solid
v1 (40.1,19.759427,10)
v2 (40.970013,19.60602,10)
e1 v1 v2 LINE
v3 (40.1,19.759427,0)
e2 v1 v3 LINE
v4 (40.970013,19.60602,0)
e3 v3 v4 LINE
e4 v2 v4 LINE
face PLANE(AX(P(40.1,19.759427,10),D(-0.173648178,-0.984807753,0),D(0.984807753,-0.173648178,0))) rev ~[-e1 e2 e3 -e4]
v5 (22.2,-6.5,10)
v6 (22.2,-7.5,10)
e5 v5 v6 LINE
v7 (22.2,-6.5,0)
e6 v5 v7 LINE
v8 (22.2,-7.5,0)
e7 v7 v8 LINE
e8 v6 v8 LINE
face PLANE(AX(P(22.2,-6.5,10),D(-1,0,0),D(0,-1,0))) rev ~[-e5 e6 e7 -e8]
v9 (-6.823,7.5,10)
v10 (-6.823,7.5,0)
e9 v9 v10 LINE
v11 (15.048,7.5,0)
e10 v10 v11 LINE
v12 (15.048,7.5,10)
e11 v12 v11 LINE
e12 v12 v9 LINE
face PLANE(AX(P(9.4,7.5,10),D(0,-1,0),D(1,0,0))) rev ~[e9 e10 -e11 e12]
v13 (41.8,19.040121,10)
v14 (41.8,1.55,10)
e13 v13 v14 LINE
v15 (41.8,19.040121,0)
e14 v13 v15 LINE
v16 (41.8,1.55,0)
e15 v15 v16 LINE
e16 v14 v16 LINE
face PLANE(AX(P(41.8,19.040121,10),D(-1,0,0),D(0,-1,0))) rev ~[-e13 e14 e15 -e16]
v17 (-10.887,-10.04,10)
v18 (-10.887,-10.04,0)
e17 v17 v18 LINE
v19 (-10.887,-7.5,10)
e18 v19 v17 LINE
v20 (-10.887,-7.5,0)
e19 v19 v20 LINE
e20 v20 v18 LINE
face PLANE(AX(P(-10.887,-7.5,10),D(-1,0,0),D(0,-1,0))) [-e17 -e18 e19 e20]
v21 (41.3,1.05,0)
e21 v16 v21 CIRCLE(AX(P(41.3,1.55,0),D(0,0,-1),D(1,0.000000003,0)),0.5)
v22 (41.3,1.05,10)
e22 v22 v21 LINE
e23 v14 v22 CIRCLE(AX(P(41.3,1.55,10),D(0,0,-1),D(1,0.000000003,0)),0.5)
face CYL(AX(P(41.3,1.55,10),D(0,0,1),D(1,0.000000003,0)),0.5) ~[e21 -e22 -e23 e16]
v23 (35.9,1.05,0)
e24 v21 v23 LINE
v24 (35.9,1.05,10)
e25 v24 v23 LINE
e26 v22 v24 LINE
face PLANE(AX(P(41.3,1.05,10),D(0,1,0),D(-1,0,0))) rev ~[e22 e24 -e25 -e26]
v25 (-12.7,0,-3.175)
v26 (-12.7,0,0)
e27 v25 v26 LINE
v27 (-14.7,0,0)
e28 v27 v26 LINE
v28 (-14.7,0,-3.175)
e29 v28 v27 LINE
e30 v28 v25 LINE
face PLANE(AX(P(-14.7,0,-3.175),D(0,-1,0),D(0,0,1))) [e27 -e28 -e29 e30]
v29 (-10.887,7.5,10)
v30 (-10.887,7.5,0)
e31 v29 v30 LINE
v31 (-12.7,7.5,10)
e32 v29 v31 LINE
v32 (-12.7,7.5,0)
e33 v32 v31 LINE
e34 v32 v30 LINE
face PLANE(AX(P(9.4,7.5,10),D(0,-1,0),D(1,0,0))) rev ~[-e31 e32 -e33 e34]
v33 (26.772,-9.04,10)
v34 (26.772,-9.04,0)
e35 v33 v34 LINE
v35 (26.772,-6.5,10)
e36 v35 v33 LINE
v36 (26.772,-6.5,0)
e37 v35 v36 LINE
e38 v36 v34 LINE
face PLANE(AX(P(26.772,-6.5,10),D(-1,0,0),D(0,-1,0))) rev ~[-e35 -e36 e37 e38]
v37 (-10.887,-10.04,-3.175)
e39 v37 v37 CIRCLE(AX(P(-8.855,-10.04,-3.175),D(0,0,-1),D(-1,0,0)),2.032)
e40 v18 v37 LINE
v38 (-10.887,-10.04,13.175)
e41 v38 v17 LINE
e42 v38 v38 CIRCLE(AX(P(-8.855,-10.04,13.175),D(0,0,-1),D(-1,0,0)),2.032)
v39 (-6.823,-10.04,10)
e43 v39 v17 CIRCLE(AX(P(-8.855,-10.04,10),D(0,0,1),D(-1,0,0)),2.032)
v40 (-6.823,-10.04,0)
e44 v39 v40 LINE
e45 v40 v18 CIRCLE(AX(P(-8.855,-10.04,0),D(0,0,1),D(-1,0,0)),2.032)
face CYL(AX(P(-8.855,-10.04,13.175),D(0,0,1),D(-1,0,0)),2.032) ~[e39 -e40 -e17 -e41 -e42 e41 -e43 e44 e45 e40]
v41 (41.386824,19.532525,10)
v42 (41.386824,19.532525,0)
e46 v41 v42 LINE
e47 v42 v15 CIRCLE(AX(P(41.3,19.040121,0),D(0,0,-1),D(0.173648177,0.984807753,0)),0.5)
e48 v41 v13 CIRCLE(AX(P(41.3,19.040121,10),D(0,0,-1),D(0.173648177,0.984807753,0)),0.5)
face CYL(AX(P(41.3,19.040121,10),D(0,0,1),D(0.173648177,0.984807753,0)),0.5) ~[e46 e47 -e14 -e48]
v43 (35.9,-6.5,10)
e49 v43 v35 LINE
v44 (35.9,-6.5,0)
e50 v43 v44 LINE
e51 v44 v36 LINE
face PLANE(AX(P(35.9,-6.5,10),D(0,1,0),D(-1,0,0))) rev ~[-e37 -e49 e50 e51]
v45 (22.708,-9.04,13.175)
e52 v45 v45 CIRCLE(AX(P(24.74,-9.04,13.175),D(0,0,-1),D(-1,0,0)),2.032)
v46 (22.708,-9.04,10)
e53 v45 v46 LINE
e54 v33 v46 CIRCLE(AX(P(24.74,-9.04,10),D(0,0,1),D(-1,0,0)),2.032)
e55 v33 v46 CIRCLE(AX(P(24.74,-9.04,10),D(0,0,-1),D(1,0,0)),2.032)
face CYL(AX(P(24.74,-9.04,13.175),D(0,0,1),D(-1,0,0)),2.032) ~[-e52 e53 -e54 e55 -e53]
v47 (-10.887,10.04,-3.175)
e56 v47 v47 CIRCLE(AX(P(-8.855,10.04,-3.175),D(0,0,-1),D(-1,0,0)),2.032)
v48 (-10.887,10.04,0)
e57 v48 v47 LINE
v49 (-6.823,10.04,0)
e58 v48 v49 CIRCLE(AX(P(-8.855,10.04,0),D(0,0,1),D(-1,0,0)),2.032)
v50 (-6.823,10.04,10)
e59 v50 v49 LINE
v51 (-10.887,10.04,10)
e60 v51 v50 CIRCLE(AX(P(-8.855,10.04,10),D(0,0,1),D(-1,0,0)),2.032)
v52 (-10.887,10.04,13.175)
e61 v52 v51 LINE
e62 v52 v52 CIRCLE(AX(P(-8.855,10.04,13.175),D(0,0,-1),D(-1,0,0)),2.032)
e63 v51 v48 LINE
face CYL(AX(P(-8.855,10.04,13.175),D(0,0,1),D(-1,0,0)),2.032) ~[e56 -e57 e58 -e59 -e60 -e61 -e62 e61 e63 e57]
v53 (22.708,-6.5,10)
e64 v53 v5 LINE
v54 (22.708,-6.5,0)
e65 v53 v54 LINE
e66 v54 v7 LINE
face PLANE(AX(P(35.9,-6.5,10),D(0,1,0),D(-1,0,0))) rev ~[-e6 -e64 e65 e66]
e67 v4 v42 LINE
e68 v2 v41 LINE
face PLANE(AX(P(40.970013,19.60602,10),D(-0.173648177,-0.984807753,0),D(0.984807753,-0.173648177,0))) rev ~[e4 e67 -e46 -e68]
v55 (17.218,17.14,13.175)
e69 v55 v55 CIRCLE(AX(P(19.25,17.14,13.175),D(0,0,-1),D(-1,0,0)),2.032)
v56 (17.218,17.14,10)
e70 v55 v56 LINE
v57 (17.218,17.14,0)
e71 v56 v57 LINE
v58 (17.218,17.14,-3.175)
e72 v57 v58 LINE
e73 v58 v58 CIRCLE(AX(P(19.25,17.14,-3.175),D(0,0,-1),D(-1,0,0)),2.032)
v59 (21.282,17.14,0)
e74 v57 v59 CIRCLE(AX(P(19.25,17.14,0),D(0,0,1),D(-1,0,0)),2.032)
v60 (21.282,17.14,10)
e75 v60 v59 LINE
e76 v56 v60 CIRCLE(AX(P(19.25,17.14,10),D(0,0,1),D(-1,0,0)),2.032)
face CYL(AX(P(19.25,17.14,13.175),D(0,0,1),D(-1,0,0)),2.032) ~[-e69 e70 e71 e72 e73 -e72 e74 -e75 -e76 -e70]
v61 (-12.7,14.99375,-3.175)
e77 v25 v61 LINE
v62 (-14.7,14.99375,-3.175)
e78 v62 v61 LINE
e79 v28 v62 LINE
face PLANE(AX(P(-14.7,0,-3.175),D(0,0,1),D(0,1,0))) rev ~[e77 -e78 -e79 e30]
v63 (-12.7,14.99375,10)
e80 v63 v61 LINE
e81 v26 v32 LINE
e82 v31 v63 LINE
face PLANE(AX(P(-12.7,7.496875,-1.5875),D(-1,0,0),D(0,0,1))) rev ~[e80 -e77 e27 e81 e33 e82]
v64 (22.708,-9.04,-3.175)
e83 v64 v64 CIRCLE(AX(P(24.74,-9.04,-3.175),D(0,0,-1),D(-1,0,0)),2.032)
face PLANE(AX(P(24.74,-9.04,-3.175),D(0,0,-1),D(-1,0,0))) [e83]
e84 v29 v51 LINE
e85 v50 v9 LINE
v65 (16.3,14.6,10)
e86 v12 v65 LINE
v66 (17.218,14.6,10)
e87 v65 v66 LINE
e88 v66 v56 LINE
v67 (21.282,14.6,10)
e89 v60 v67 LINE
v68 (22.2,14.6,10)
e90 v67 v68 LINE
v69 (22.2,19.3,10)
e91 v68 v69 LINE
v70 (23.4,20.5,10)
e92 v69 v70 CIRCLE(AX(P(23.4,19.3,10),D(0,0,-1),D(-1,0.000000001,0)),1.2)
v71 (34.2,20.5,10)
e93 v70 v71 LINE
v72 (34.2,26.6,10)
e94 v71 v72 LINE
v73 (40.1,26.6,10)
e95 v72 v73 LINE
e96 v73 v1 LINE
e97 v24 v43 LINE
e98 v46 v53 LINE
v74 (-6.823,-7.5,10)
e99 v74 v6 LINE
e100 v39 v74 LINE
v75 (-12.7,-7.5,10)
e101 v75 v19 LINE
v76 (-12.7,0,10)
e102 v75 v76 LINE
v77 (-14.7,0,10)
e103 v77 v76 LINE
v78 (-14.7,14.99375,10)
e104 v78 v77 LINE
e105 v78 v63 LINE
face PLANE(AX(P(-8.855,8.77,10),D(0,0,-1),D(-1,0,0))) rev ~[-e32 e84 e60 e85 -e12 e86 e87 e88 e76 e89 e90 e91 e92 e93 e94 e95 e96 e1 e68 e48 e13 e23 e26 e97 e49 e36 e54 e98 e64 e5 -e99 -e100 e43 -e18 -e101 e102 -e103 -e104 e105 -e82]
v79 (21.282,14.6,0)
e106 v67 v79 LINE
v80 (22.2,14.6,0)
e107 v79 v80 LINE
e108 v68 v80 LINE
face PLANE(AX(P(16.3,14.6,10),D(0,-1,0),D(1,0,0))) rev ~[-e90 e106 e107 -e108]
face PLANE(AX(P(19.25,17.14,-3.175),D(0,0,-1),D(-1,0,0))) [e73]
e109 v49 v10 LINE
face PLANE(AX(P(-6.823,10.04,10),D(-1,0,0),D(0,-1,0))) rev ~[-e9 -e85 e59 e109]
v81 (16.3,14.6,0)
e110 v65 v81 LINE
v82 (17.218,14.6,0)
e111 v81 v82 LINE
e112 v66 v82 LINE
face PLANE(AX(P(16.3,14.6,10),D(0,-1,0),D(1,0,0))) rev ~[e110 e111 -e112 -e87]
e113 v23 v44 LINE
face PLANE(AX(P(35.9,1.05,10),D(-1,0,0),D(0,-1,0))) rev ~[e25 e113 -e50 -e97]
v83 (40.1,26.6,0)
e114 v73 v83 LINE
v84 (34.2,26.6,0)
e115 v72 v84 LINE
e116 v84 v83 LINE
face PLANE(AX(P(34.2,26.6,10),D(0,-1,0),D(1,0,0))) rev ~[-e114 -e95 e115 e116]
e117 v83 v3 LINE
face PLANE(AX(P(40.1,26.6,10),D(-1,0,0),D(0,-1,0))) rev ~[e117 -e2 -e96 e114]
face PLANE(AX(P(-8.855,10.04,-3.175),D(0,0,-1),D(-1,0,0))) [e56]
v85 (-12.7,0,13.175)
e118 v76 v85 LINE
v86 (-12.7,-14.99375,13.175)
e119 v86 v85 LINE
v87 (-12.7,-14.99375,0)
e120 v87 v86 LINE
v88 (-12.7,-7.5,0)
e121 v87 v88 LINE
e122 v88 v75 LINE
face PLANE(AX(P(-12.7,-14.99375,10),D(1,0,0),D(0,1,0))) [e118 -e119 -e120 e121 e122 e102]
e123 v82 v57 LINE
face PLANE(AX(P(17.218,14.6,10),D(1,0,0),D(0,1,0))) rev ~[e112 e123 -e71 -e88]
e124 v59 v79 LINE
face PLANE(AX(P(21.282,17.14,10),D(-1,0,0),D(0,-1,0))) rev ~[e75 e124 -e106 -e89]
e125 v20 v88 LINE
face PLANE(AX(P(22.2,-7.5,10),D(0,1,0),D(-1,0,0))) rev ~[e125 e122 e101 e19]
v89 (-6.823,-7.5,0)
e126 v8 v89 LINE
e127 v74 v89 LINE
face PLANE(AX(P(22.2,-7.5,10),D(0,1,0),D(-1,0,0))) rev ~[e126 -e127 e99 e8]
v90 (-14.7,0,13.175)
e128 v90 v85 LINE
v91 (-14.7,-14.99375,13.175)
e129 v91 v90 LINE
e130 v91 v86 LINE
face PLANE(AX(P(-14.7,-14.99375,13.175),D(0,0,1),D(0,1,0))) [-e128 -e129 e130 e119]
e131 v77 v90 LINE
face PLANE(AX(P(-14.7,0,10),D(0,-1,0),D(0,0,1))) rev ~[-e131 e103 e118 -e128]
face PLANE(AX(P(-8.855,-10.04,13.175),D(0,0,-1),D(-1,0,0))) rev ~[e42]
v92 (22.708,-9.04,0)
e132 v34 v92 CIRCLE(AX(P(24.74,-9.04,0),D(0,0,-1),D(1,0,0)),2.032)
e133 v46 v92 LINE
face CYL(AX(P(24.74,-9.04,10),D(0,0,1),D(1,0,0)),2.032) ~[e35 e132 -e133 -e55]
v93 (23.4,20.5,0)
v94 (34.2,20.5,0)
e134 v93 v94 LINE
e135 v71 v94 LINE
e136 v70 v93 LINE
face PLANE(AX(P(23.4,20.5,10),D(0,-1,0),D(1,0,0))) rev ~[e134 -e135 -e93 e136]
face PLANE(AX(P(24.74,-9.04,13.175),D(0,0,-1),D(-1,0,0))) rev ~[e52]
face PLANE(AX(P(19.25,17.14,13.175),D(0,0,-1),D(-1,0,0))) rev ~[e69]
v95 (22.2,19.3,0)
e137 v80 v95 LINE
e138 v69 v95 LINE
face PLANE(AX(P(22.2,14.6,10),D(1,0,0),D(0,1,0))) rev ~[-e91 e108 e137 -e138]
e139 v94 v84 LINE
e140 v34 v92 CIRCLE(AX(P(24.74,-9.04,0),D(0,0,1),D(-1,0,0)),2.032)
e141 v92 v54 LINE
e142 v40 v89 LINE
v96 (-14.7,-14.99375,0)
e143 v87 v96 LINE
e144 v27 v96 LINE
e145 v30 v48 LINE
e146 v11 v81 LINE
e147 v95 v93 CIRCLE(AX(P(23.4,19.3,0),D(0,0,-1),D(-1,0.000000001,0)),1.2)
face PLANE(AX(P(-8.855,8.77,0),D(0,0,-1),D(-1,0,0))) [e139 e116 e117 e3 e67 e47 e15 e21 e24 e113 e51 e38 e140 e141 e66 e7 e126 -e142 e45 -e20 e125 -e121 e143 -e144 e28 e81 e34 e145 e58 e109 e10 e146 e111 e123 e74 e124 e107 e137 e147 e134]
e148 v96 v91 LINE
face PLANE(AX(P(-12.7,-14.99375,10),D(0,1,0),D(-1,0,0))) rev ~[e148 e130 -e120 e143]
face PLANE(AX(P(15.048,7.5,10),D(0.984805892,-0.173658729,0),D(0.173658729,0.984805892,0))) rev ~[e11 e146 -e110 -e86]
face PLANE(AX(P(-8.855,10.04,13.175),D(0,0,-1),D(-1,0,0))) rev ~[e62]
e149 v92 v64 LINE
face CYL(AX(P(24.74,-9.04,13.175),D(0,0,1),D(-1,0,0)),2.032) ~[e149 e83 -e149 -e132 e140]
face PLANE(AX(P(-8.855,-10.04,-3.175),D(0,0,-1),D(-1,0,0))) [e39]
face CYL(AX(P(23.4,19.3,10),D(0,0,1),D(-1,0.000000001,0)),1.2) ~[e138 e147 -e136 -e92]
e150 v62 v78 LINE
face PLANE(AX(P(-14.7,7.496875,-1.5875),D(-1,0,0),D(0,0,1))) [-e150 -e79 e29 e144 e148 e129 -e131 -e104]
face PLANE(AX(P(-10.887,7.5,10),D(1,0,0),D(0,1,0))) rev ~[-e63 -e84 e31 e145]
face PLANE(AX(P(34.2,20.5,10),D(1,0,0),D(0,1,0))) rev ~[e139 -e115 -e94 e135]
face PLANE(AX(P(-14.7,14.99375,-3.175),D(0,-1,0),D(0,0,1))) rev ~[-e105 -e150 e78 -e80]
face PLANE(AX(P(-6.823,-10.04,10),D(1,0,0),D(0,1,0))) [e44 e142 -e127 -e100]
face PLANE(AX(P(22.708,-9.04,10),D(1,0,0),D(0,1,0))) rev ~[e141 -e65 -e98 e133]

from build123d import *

# Parameters (mm, degrees)
SKETCH1_W                = 25.4
SKETCH1_H                = 15
BOSS_EXTRUDE1_DEPTH      = 10
BOSS_EXTRUDE2_DEPTH      = 10
SKETCH3_W                = 3.175
SKETCH3_H                = 14.99375
BOSS_EXTRUDE3_DEPTH      = 2
BOSS_EXTRUDE6_DEPTH      = 10
BOSS_EXTRUDE7_DEPTH      = 3.175
BOSS_EXTRUDE7_DEPTH_BACK = 13.175
SKETCH7_R                = 2.032


with BuildPart() as part:
    # Sketch1 → Boss-Extrude1 (new body)
    with BuildSketch(Plane.XY):
        Rectangle(SKETCH1_W, SKETCH1_H)
    extrude(amount=BOSS_EXTRUDE1_DEPTH)

    # Sketch2 → Boss-Extrude2 (add)
    with BuildSketch(Plane.XY.offset(10)):
        with BuildLine():
            Line((40.1, 19.759426681), (40.970013246, 19.606019872))
            Line((40.970013246, 19.606019872), (41.386824089, 19.532524875))
            ThreePointArc((41.386824089, 19.532524875), (41.683022222, 19.361514803), (41.8, 19.040120998))
            Line((41.8, 19.040120998), (41.8, 1.55))
            ThreePointArc((41.8, 1.55), (41.653553391, 1.196446609), (41.3, 1.05))
            Line((41.3, 1.05), (40.883189158, 1.05))
            Line((40.883189158, 1.05), (35.9, 1.05))
            Line((35.9, 1.05), (35.9, -2.35))
            Line((35.9, -2.35), (35.9, -6.5))
            Line((35.9, -6.5), (34.9, -6.5))
            Line((34.9, -6.5), (22.2, -6.5))
            Line((22.2, -6.5), (22.2, -7.5))
            Line((22.2, -7.5), (9.4, -7.5))
            Line((9.4, -7.5), (9.4, 7.5))
            Line((9.4, 7.5), (15.048, 7.5))
            Line((15.048, 7.5), (16.3, 14.6))
            Line((16.3, 14.6), (22.2, 14.6))
            Line((22.2, 14.6), (22.2, 19.3))
            ThreePointArc((22.2, 19.3), (22.551471863, 20.148528137), (23.4, 20.5))
            Line((23.4, 20.5), (34.2, 20.5))
            Line((34.2, 20.5), (34.2, 26.6))
            Line((34.2, 26.6), (40.1, 26.6))
            Line((40.1, 26.6), (40.1, 19.759426681))
        make_face()
        Polygon((-14.7, 14.2), (-14.7, 14.99375), (-12.7, 14.99375), (-12.7, 14.2), (-12.7, 12.710514427), (-12.7, 7.5), (-12.7, 0), (-12.7, -10.069090909), (-12.7, -14.2), (-12.7, -14.99375), (-14.7, -14.99375), (-14.7, -14.2), (-14.7, -10.069090909), (-14.7, 0), (-14.7, 7.5), (-14.7, 11), align=None)
    extrude(amount=-BOSS_EXTRUDE2_DEPTH)

    # Sketch3 → Boss-Extrude3 (add)
    with BuildSketch(Plane.ZY.offset(14.7)):
        with Locations((-1.5875, 7.496875)):
            Rectangle(SKETCH3_W, SKETCH3_H)
        with Locations((11.5875, -7.496875)):
            Rectangle(SKETCH3_W, SKETCH3_H)
    extrude(amount=-BOSS_EXTRUDE3_DEPTH)

    # Sketch6 → Boss-Extrude6 (add)
    with BuildSketch(Plane.XY.offset(10)):
        with BuildLine():
            Line((-10.887, 7.5), (-10.887, 10.04))
            ThreePointArc((-10.887, 10.04), (-8.855, 12.072), (-6.823, 10.04))
            Line((-6.823, 10.04), (-6.823, 7.5))
            ThreePointArc((-6.823, 7.5), (-8.855, 5.468), (-10.887, 7.5))
        make_face()
        with BuildLine():
            Line((-10.887, -7.5), (-10.887, -10.04))
            ThreePointArc((-10.887, -10.04), (-8.855, -12.072), (-6.823, -10.04))
            Line((-6.823, -10.04), (-6.823, -7.5))
            ThreePointArc((-6.823, -7.5), (-8.855, -5.468), (-10.887, -7.5))
        make_face()
        with BuildLine():
            Line((17.218, 14.6), (17.218, 17.14))
            ThreePointArc((17.218, 17.14), (19.25, 19.172), (21.282, 17.14))
            Line((21.282, 17.14), (21.282, 14.6))
            ThreePointArc((21.282, 14.6), (19.25, 12.568), (17.218, 14.6))
        make_face()
        with BuildLine():
            Line((26.772, -6.5), (26.772, -9.04))
            ThreePointArc((26.772, -9.04), (24.74, -11.072), (22.708, -9.04))
            Line((22.708, -9.04), (22.708, -6.5))
            ThreePointArc((22.708, -6.5), (24.74, -4.468), (26.772, -6.5))
        make_face()
    extrude(amount=-BOSS_EXTRUDE6_DEPTH)

    # Sketch7 → Boss-Extrude7 (add, two sides: drawn at the far end of the back side and taken through both)
    with BuildSketch(Plane(origin=(0, 0, 0), x_dir=(-1, 0, 0), z_dir=(0, 0, -1)).offset(-BOSS_EXTRUDE7_DEPTH_BACK)):
        with Locations((-19.25, 17.14)):
            Circle(SKETCH7_R)
        with Locations((-24.74, -9.04)):
            Circle(SKETCH7_R)
        with Locations((8.855, -10.04)):
            Circle(SKETCH7_R)
        with Locations((8.855, 10.04)):
            Circle(SKETCH7_R)
    extrude(amount=BOSS_EXTRUDE7_DEPTH + BOSS_EXTRUDE7_DEPTH_BACK)


solid = part.part
